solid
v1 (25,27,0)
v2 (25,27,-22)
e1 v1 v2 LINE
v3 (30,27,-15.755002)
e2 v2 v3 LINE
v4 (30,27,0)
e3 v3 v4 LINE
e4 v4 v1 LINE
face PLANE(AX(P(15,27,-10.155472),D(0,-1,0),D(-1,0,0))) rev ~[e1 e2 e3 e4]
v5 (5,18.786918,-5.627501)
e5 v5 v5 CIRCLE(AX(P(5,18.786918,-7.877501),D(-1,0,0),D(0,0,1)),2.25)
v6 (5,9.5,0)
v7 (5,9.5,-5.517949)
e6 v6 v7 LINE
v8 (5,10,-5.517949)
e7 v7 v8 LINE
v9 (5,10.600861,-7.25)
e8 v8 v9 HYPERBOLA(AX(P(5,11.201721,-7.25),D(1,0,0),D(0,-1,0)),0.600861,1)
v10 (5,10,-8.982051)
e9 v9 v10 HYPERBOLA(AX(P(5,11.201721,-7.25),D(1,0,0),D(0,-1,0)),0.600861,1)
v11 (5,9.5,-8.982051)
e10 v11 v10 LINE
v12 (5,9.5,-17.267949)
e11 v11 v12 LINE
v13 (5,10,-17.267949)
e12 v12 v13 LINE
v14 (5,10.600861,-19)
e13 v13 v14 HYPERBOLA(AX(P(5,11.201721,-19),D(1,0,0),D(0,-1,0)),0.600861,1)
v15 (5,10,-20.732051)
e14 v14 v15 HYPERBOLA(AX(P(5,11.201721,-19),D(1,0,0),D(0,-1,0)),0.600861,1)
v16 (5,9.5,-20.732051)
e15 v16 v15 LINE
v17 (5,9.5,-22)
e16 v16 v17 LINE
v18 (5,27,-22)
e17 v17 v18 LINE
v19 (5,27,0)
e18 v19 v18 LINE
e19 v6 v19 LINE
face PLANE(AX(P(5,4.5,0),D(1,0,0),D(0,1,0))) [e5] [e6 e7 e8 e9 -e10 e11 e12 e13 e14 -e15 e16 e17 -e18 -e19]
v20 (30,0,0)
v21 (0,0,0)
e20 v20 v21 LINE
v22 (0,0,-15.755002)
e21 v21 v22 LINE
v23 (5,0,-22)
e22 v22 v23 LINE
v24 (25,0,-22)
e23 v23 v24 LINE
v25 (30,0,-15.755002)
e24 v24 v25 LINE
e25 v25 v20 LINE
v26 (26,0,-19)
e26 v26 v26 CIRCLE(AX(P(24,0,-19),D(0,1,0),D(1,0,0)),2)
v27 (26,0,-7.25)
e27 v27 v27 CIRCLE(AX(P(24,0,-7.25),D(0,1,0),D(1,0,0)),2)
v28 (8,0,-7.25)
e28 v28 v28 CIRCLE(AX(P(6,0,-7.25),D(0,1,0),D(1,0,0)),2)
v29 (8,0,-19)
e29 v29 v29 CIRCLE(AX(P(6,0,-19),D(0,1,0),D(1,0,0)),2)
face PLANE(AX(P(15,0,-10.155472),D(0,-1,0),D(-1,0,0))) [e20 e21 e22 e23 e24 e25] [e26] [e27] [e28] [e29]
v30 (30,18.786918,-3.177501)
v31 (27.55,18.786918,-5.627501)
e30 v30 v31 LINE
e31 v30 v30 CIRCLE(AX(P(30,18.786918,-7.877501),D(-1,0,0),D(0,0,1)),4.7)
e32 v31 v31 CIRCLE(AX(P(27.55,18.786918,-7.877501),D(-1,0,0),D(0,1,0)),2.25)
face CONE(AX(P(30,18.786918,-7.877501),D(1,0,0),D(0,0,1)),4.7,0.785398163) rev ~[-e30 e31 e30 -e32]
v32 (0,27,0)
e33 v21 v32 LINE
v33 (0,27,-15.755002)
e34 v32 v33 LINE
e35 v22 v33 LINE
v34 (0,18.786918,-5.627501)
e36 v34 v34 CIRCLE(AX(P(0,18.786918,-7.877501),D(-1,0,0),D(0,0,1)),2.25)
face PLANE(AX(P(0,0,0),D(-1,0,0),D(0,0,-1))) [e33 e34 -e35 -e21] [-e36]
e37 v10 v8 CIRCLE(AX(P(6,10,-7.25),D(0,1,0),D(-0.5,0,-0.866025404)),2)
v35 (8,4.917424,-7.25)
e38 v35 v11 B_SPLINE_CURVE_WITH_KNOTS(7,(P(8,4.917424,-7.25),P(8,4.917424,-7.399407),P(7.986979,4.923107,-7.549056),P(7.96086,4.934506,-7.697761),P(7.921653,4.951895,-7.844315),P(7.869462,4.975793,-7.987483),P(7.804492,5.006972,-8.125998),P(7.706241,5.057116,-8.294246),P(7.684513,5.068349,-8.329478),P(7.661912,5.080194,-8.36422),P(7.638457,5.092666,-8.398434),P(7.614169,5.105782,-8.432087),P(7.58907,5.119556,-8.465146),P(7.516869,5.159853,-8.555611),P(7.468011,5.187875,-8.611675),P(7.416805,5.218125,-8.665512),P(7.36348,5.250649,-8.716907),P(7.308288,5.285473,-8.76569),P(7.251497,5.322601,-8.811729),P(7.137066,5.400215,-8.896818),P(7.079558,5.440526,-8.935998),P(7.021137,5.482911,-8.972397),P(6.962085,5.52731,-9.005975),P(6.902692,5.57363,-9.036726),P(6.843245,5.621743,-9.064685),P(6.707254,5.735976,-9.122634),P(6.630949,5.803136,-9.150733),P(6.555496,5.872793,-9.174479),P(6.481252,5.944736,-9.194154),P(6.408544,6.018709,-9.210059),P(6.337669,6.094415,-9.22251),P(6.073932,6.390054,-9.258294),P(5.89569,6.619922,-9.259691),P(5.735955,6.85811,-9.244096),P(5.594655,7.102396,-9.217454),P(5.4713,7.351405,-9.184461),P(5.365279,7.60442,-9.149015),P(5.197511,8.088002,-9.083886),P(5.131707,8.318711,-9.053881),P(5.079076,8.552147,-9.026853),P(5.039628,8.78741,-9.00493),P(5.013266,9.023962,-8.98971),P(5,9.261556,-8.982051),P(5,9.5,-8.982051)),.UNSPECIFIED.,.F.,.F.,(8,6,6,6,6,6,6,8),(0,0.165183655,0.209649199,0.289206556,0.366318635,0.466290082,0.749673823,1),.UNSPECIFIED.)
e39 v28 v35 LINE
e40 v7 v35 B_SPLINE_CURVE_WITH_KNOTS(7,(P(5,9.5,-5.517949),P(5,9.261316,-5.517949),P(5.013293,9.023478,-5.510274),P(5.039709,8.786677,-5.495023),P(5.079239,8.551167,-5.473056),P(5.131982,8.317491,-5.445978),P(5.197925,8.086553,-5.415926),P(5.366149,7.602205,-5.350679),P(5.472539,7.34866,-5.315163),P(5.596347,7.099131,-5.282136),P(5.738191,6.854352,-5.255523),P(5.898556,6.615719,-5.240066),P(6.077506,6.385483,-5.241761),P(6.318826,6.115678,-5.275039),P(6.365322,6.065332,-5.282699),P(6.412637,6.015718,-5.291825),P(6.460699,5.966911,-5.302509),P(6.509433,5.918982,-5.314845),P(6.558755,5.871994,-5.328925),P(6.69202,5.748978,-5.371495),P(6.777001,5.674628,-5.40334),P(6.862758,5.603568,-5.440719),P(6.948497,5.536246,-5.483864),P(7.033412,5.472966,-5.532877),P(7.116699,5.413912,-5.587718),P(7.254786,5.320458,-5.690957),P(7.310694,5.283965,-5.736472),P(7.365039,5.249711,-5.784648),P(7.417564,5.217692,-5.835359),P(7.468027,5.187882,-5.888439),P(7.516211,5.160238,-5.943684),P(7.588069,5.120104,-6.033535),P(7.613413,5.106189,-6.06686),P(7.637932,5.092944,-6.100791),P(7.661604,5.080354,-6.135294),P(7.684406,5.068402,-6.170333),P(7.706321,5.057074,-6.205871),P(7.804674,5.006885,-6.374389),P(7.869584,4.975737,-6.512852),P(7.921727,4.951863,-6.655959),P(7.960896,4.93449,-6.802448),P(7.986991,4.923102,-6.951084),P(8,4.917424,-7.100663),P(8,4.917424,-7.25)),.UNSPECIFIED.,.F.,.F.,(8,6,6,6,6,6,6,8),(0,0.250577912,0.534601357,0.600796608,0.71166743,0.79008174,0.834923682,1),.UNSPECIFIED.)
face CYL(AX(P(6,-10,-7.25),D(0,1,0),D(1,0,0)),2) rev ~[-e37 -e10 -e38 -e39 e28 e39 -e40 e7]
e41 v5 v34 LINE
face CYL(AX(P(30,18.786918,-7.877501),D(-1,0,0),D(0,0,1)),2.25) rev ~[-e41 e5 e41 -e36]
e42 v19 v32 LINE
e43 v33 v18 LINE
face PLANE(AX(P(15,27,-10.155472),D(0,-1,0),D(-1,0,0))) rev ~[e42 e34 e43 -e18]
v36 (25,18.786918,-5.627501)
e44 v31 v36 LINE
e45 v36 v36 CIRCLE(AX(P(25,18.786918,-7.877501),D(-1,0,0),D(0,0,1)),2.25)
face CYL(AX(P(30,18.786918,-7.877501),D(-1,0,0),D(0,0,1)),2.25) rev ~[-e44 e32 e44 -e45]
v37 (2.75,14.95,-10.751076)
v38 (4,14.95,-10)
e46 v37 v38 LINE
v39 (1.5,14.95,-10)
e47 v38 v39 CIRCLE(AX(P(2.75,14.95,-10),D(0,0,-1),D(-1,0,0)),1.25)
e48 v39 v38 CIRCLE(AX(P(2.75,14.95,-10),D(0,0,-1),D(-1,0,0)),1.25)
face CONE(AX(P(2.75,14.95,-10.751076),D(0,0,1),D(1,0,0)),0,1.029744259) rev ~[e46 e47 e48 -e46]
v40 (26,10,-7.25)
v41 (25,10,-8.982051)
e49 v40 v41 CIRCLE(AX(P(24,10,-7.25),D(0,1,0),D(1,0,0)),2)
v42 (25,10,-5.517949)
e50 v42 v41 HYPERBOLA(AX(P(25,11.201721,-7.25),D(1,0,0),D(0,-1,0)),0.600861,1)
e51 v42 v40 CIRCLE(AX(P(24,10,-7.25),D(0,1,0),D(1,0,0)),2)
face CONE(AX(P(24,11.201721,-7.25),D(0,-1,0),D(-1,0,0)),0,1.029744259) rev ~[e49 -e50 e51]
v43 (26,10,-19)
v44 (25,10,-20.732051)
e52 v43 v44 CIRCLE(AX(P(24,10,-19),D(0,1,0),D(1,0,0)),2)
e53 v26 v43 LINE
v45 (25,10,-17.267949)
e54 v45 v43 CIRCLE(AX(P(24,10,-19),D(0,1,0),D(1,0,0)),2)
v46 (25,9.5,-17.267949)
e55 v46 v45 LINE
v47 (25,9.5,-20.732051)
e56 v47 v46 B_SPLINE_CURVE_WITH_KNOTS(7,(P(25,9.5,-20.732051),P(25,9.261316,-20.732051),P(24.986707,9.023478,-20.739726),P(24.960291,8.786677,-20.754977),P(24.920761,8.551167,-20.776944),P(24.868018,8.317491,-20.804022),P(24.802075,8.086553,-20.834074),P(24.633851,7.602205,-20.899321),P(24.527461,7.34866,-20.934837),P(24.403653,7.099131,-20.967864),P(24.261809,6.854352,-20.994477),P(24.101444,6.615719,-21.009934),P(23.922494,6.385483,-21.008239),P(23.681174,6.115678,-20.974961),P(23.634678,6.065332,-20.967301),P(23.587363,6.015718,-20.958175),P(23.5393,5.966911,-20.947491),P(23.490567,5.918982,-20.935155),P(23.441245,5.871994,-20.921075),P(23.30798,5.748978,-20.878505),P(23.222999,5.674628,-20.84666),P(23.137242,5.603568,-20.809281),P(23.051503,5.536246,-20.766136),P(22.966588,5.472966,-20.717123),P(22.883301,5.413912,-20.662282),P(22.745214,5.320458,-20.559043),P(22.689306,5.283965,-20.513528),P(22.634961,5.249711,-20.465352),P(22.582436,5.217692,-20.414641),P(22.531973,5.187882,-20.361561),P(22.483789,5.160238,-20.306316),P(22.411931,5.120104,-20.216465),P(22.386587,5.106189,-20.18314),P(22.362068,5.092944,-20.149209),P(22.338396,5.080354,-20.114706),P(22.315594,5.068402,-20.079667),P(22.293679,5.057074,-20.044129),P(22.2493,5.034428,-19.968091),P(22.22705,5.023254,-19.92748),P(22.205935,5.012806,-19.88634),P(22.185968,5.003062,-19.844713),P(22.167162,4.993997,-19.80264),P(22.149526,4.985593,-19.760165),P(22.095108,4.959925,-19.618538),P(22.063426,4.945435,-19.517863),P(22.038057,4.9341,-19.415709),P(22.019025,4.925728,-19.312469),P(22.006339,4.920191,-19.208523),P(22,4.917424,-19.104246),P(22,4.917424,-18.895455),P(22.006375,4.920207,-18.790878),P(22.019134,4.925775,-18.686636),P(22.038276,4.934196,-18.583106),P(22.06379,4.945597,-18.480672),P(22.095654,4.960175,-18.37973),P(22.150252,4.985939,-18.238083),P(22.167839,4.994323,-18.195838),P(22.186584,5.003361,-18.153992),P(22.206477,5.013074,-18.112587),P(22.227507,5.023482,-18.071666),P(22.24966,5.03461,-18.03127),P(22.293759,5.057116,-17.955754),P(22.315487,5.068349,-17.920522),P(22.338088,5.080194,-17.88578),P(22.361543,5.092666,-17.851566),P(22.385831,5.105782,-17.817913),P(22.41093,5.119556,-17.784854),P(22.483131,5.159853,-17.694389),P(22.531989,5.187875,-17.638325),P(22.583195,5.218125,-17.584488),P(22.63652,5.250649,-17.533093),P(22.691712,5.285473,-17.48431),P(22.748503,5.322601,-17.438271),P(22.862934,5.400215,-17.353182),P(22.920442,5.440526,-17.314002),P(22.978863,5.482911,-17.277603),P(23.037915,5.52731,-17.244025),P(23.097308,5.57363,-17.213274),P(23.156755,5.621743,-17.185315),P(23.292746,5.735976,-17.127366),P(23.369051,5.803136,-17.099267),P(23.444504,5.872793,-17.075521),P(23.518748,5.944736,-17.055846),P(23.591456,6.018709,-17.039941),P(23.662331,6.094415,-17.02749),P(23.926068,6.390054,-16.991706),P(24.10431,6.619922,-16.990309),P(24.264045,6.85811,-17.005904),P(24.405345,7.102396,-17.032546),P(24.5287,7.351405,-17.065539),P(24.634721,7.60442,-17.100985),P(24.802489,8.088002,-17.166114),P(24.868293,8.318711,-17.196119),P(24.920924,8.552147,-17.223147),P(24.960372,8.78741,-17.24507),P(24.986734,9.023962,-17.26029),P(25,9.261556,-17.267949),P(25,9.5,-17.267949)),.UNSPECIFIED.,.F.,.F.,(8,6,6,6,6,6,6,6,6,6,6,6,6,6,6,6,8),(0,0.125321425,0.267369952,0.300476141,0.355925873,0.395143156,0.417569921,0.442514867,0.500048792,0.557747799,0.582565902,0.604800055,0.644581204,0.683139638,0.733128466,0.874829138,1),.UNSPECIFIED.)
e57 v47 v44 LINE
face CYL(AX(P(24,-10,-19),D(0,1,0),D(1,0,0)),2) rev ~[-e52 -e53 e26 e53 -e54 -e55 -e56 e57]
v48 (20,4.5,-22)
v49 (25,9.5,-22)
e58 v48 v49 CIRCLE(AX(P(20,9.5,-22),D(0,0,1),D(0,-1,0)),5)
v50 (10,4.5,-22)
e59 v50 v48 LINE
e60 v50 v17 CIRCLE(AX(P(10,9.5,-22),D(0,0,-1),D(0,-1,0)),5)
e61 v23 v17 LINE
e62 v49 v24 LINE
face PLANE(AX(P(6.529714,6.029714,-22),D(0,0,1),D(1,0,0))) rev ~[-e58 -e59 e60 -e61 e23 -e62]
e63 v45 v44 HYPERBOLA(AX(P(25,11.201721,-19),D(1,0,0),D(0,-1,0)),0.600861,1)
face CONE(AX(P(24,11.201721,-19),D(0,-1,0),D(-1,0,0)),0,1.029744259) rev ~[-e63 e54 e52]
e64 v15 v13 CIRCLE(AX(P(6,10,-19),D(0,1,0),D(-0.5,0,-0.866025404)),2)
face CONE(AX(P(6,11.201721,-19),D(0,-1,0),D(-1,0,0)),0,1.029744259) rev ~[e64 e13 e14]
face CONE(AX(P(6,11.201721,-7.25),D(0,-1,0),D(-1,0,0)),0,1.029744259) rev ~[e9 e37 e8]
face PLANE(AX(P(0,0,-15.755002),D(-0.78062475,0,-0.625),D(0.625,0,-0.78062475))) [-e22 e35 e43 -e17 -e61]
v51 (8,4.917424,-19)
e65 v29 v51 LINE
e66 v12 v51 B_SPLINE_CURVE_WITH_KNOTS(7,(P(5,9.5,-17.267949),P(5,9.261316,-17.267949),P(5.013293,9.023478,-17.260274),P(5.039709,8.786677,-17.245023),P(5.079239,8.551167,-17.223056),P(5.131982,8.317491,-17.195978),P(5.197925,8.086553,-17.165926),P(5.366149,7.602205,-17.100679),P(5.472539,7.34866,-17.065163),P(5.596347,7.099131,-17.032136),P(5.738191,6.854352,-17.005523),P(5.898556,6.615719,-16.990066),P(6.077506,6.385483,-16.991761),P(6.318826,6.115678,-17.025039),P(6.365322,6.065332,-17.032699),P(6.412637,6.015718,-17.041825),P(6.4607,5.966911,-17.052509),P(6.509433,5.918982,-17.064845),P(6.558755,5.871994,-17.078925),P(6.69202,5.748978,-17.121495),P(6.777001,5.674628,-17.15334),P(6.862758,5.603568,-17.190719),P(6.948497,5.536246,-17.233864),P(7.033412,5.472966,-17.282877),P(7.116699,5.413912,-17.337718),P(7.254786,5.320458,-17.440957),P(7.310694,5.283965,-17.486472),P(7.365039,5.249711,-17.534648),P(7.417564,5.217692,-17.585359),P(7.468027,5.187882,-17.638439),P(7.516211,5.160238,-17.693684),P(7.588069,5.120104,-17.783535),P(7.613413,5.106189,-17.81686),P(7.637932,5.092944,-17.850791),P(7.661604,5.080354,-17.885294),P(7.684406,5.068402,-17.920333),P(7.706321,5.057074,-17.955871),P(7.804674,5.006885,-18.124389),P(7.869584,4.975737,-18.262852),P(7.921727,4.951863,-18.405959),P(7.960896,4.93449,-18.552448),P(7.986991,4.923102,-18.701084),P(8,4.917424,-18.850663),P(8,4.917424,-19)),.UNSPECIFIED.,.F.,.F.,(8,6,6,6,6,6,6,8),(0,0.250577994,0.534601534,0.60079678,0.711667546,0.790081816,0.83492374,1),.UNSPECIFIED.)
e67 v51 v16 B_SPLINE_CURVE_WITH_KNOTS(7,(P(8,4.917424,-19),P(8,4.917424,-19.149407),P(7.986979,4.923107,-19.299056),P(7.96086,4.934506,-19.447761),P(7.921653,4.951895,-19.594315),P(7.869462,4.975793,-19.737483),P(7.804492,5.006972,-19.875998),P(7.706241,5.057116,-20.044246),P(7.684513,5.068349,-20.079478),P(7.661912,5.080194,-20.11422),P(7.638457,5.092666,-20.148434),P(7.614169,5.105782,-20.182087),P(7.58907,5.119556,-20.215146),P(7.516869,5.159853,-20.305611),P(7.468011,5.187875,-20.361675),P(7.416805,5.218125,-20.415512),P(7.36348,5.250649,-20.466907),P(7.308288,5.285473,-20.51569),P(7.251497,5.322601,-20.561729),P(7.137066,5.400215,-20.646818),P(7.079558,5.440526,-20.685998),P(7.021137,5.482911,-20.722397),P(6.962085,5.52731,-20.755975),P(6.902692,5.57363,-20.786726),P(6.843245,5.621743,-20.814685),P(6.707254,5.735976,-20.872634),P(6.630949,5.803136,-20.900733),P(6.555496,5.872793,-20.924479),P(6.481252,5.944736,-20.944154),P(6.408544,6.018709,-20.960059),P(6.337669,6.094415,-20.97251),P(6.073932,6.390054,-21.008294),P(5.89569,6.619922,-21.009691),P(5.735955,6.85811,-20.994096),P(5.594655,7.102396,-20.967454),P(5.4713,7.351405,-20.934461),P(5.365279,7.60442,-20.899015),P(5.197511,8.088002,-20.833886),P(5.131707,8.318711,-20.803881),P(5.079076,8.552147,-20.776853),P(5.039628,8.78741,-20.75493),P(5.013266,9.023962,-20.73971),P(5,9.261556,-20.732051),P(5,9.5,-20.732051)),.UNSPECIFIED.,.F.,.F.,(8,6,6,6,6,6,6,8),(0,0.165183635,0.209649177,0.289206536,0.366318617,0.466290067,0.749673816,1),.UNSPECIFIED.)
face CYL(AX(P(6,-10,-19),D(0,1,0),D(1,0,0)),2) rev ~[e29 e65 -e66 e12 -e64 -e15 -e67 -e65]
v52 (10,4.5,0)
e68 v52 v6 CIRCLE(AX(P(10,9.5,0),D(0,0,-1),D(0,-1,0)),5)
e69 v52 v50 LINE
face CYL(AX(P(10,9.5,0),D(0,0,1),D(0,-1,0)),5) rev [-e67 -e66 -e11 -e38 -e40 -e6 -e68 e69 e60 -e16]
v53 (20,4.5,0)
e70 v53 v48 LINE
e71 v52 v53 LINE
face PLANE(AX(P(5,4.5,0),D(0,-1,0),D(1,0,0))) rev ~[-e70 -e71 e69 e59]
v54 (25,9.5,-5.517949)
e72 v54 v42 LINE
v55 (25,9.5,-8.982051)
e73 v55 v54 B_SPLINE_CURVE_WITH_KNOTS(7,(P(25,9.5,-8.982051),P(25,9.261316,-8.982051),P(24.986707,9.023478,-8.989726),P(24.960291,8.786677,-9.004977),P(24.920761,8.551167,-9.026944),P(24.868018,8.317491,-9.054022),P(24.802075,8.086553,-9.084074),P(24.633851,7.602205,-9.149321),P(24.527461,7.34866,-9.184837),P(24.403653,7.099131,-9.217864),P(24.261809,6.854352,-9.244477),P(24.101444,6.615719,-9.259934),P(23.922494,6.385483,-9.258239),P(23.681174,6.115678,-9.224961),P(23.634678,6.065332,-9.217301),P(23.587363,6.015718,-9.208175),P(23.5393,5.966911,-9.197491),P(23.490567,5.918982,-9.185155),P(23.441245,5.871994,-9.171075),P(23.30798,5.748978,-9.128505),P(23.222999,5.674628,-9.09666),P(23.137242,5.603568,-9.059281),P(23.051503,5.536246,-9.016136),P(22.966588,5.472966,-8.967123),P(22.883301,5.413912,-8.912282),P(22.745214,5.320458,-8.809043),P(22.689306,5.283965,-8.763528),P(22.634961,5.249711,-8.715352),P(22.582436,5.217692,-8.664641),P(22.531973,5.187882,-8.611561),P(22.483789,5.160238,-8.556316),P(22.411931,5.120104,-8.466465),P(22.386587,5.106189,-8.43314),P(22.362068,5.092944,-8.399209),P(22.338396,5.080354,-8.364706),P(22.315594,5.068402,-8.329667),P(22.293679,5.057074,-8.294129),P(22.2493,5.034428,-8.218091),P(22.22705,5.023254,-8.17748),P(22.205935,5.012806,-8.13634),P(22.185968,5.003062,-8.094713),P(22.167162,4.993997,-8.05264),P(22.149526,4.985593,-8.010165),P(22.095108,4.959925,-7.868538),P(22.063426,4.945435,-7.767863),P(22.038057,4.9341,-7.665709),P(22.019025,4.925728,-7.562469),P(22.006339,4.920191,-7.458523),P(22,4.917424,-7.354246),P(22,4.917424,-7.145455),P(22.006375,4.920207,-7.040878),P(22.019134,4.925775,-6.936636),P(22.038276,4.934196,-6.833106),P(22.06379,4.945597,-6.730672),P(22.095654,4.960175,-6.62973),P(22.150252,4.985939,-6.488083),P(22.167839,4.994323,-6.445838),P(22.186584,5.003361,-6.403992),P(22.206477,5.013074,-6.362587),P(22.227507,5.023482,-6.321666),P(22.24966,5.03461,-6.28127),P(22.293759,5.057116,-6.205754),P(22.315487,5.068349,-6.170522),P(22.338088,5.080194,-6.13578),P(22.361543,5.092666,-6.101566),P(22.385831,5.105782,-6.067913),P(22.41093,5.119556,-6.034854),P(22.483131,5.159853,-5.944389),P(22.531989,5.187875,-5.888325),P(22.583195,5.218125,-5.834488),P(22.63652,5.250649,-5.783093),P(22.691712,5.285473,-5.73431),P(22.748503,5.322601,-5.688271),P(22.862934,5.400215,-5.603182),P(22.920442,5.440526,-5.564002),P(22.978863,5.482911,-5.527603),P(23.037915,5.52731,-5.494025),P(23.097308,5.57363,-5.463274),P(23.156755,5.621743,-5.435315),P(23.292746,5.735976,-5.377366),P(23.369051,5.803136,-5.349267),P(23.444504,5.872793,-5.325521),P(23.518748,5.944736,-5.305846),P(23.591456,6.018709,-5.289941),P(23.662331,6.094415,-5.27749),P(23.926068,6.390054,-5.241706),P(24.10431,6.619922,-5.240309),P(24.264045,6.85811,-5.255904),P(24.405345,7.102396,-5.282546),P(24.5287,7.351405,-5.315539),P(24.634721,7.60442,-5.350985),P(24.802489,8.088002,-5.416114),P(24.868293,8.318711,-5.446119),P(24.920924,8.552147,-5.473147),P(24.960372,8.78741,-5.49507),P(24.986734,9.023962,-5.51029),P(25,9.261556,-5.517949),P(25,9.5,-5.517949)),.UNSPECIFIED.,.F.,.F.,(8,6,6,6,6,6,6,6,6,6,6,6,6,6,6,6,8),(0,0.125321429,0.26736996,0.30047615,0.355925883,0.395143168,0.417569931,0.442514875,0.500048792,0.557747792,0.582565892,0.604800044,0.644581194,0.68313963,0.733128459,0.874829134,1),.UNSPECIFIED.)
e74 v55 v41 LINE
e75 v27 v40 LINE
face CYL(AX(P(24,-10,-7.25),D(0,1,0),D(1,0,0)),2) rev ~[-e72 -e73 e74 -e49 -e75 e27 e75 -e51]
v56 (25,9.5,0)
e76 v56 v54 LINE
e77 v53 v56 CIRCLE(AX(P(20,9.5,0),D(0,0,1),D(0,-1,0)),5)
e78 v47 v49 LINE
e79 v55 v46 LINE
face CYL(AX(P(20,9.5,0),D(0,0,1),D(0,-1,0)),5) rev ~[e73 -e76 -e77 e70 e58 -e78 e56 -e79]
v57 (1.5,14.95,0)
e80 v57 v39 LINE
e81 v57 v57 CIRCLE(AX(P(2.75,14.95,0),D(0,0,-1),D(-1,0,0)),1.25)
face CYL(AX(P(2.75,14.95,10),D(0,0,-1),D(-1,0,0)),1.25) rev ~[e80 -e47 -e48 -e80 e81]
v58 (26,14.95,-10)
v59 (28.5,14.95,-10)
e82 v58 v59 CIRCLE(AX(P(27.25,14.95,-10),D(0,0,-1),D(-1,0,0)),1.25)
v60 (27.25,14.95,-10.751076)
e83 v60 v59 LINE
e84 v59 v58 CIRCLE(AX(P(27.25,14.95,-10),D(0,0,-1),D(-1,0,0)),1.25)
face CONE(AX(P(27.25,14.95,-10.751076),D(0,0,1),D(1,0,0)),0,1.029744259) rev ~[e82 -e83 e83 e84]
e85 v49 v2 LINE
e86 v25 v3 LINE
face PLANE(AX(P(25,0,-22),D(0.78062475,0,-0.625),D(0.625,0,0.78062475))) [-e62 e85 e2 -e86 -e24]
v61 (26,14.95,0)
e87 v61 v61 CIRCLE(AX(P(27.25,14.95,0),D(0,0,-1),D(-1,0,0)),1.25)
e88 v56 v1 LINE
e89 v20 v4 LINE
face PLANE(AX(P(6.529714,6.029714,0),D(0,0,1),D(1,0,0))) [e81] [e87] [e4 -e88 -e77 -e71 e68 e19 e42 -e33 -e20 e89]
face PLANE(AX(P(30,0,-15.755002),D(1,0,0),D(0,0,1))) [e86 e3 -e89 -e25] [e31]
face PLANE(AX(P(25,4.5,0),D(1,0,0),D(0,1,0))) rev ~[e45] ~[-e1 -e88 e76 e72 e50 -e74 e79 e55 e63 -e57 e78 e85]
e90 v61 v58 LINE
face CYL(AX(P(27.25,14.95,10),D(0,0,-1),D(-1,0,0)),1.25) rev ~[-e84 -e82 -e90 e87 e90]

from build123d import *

# Parameters (mm, degrees)
BOSS_EXTRUDE1_DEPTH                                 = 27
SKETCH2_W                                           = 20
SKETCH2_H                                           = 22.5
CUT_EXTRUDE1_DEPTH                                  = 22
BOSS_EXTRUDE2_DEPTH                                 = 22
CSK_FOR_M4_COUNTERSUNK_FLAT_HEAD_SCREW1_D           = 4.5
CSK_FOR_M4_COUNTERSUNK_FLAT_HEAD_SCREW1_DEPTH       = 35
CSK_FOR_M4_COUNTERSUNK_FLAT_HEAD_SCREW1_CSINK_D     = 9.4
CSK_FOR_M4_COUNTERSUNK_FLAT_HEAD_SCREW1_CSINK_ANGLE = 90
CSK_FOR_M4_COUNTERSUNK_FLAT_HEAD_SCREW1_TIP         = 1.351936393
F_2_5MM_DOWEL_HOLE1_D                               = 2.5
F_2_5MM_DOWEL_HOLE1_DEPTH                           = 10
F_2_5MM_DOWEL_HOLE1_TIP                             = 0.751075774
F_4_0MM_DOWEL_HOLE1_D                               = 4
F_4_0MM_DOWEL_HOLE1_DEPTH                           = 10
F_4_0MM_DOWEL_HOLE1_TIP                             = 1.201721238


with BuildPart() as part:
    # Sketch1 → Boss-Extrude1 (new body)
    with BuildSketch(Plane(origin=(0, 0, 0), x_dir=(1, 0, 0), z_dir=(0, 1, 0))):
        Polygon((0, 0), (0, 15.755002002), (5, 22), (25, 22), (30, 15.755002002), (30, 0), align=None)
    extrude(amount=BOSS_EXTRUDE1_DEPTH)

    # Sketch2 → Cut-Extrude1 (cut)
    with BuildSketch(Plane.XY):
        with Locations((15, 15.75)):
            Rectangle(SKETCH2_W, SKETCH2_H)
    extrude(amount=-CUT_EXTRUDE1_DEPTH, mode=Mode.SUBTRACT)

    # Sketch3 → Boss-Extrude2 (add)
    with BuildSketch(Plane.XY):
        with BuildLine():
            Line((5, 9.5), (5, 4.5))
            Line((5, 4.5), (10, 4.5))
            ThreePointArc((10, 4.5), (6.464466094, 5.964466094), (5, 9.5))
        make_face()
        with BuildLine():
            Line((25, 9.5), (25, 4.5))
            Line((25, 4.5), (20, 4.5))
            ThreePointArc((20, 4.5), (23.535533906, 5.964466094), (25, 9.5))
        make_face()
    extrude(amount=-BOSS_EXTRUDE2_DEPTH)

    # CSK for M4 Countersunk Flat Head Screw1
    with Locations(Plane(origin=(30, 0, 0), x_dir=(0, 0, -1), z_dir=(1, 0, 0))):
        with Locations((7.877501001, 18.78691821)):
            CounterSinkHole(CSK_FOR_M4_COUNTERSUNK_FLAT_HEAD_SCREW1_D / 2, CSK_FOR_M4_COUNTERSUNK_FLAT_HEAD_SCREW1_CSINK_D / 2, depth=CSK_FOR_M4_COUNTERSUNK_FLAT_HEAD_SCREW1_DEPTH, counter_sink_angle=CSK_FOR_M4_COUNTERSUNK_FLAT_HEAD_SCREW1_CSINK_ANGLE)
            with Locations((0, 0, -(CSK_FOR_M4_COUNTERSUNK_FLAT_HEAD_SCREW1_DEPTH + CSK_FOR_M4_COUNTERSUNK_FLAT_HEAD_SCREW1_TIP / 2))):  # 118° drill point
                Cone(0, CSK_FOR_M4_COUNTERSUNK_FLAT_HEAD_SCREW1_D / 2, CSK_FOR_M4_COUNTERSUNK_FLAT_HEAD_SCREW1_TIP, mode=Mode.SUBTRACT)

    # Ø2.5mm Dowel Hole1
    with Locations(Plane.XY):
        with Locations((2.75, 14.95), (27.25, 14.95)):
            Hole(F_2_5MM_DOWEL_HOLE1_D / 2, depth=F_2_5MM_DOWEL_HOLE1_DEPTH)
            with Locations((0, 0, -(F_2_5MM_DOWEL_HOLE1_DEPTH + F_2_5MM_DOWEL_HOLE1_TIP / 2))):  # 118° drill point
                Cone(0, F_2_5MM_DOWEL_HOLE1_D / 2, F_2_5MM_DOWEL_HOLE1_TIP, mode=Mode.SUBTRACT)

    # Ø4.0mm Dowel Hole1
    with Locations(Plane(origin=(0, 0, 0), x_dir=(-1, 0, 0), z_dir=(0, -1, 0))):
        with Locations((-24, 19), (-6, 19), (-6, 7.25), (-24, 7.25)):
            Hole(F_4_0MM_DOWEL_HOLE1_D / 2, depth=F_4_0MM_DOWEL_HOLE1_DEPTH)
            with Locations((0, 0, -(F_4_0MM_DOWEL_HOLE1_DEPTH + F_4_0MM_DOWEL_HOLE1_TIP / 2))):  # 118° drill point
                Cone(0, F_4_0MM_DOWEL_HOLE1_D / 2, F_4_0MM_DOWEL_HOLE1_TIP, mode=Mode.SUBTRACT)


solid = part.part
